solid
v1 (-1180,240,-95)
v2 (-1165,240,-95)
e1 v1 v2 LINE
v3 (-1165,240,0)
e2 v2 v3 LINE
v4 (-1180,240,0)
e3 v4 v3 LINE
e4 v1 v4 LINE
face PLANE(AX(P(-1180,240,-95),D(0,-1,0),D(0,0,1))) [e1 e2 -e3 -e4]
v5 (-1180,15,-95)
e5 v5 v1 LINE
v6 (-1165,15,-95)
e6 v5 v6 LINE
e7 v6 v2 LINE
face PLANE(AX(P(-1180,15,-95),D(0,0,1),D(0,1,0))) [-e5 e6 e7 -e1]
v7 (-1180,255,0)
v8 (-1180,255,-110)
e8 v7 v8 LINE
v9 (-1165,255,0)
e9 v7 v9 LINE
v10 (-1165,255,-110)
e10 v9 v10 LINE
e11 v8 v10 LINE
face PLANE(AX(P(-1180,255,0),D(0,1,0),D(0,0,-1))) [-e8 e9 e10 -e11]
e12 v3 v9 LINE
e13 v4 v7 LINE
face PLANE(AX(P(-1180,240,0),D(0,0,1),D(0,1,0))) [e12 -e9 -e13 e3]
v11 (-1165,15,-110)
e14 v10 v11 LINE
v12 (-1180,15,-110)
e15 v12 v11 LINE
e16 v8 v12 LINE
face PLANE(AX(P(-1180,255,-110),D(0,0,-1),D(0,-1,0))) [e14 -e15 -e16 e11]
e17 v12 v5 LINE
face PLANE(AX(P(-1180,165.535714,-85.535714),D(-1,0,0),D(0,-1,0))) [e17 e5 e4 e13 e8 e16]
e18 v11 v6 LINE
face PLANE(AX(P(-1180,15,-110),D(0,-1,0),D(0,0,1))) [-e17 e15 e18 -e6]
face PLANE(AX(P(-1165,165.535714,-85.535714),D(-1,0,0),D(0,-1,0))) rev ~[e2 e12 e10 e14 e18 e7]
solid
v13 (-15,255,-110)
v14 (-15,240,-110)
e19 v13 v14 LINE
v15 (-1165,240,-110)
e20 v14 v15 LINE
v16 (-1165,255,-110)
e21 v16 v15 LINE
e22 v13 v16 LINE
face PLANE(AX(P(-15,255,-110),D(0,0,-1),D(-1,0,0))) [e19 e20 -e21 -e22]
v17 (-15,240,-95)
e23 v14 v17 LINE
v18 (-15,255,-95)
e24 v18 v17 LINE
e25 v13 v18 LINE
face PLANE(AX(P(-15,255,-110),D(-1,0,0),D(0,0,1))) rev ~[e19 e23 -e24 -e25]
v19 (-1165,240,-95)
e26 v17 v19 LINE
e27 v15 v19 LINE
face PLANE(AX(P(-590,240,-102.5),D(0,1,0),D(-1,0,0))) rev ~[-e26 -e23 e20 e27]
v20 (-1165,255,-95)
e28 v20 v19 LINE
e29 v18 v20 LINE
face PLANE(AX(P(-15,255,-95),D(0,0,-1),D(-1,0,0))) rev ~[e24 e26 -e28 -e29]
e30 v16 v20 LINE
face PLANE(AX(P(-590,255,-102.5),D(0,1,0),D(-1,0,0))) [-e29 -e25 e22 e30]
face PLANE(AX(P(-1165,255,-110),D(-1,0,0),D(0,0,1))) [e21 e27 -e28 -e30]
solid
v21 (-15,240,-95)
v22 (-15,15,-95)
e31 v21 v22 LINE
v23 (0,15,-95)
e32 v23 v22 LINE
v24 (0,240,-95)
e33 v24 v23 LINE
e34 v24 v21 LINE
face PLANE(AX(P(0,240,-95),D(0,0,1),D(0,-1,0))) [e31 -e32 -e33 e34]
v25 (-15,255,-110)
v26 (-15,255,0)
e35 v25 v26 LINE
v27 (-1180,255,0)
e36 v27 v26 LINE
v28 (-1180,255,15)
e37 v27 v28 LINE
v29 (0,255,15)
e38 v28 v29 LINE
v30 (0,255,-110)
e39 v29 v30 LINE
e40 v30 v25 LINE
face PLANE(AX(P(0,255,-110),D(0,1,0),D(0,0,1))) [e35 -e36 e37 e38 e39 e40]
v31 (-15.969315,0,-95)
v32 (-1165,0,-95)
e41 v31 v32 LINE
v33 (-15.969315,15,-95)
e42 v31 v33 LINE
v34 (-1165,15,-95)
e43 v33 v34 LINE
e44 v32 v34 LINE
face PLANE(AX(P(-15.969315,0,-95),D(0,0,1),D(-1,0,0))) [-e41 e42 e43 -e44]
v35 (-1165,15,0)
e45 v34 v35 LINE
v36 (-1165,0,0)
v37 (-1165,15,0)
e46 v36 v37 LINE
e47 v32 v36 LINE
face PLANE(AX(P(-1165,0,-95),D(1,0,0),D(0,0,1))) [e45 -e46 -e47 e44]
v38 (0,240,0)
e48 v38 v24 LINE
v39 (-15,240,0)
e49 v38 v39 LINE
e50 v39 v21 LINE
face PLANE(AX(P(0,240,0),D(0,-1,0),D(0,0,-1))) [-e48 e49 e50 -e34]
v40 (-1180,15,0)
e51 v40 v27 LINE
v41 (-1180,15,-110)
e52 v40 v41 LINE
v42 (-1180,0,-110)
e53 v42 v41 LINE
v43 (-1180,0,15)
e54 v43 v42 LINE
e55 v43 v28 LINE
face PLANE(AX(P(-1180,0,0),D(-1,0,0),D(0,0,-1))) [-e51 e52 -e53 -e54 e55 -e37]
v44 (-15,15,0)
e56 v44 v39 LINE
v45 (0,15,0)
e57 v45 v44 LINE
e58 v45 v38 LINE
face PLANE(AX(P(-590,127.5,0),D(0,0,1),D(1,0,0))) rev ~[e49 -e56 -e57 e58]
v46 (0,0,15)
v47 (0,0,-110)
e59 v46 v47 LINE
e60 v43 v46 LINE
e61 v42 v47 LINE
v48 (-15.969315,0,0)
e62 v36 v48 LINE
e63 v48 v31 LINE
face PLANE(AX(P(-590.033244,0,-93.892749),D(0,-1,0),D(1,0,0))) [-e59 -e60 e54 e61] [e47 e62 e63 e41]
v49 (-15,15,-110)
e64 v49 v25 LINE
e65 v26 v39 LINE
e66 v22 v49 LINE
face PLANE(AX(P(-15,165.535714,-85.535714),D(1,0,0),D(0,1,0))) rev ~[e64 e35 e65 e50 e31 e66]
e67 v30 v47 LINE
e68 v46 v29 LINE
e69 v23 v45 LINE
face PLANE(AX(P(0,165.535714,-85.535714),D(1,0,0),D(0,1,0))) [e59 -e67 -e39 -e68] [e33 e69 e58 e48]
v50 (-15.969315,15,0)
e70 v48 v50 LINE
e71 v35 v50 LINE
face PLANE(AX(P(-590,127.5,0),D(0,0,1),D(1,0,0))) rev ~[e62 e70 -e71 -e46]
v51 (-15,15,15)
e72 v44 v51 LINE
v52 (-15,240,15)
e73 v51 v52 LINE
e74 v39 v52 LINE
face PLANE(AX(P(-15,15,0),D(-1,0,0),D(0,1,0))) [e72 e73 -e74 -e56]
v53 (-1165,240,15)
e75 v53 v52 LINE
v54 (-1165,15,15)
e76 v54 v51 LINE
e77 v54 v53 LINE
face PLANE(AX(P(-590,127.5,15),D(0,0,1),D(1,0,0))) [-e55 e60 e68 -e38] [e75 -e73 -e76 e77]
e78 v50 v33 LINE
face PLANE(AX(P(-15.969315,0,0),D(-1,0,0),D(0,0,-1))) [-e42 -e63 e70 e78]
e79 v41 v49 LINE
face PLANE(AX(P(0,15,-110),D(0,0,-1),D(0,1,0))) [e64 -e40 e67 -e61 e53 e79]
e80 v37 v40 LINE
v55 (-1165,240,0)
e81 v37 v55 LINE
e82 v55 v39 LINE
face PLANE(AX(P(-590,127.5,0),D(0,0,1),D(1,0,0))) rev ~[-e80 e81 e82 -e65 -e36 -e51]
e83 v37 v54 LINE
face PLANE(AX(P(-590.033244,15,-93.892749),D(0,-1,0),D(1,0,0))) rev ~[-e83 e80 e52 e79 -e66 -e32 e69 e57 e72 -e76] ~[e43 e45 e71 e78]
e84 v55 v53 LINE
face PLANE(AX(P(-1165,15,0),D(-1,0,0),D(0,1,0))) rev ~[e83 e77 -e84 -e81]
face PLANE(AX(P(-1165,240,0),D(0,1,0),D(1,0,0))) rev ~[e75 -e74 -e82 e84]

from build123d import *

# Parameters (mm, degrees)
F0_W      = 1180
F0_H      = 255
F0_W_2    = 1150
F0_H_2    = 225
F1_DEPTH  = 15
F3_DEPTH  = 15
F5_DEPTH  = 15
F8_DEPTH  = 15
F10_W     = 1150
F10_H     = 15
F11_DEPTH = 15


with BuildPart() as f1:
    # F0 (on Top) → F1 (new body)
    with BuildSketch(Plane.XY):
        with Locations((-590, 127.5)):
            Rectangle(F0_W, F0_H)
        with Locations((-590, 127.5)):
            Rectangle(F0_W_2, F0_H_2, mode=Mode.SUBTRACT)
    extrude(amount=F1_DEPTH)

    # F2 (on Front) → F3 (join)
    with BuildSketch(Plane.XZ):
        Polygon((0, -110), (0, 0), (-15.9693145752, 0), (-15.9693145752, -15), (-15.9693145752, -95), (-1165, -95), (-1165, -15), (-1165, 0), (-1180, 0), (-1180, -110), align=None)
    extrude(amount=-F3_DEPTH)

    # F4 (on Right) → F5 (join)
    with BuildSketch(Plane.YZ):
        Polygon((15, -95), (15, -110), (255, -110), (255, 0), (240, 0), (240, -95), align=None)
    extrude(amount=-F5_DEPTH)


with BuildPart() as f8:
    # F7 (on offset) → F8 (new body)
    with BuildSketch(Plane(origin=(-1180, 0, 0), x_dir=(0, -1, 0), z_dir=(-1, 0, 0))):
        Polygon((-255, -110), (-15, -110), (-15, -95), (-240, -95), (-240, 0), (-255, 0), align=None)
    extrude(amount=-F8_DEPTH)


with BuildPart() as f11:
    # F10 (on offset) → F11 (new body)
    with BuildSketch(Plane(origin=(0, 255, 0), x_dir=(-1, 0, 0), z_dir=(0, 1, 0))):
        with Locations((590, -102.5)):
            Rectangle(F10_W, F10_H)
    extrude(amount=-F11_DEPTH)


solid = Compound([f1.part, f8.part, f11.part])
